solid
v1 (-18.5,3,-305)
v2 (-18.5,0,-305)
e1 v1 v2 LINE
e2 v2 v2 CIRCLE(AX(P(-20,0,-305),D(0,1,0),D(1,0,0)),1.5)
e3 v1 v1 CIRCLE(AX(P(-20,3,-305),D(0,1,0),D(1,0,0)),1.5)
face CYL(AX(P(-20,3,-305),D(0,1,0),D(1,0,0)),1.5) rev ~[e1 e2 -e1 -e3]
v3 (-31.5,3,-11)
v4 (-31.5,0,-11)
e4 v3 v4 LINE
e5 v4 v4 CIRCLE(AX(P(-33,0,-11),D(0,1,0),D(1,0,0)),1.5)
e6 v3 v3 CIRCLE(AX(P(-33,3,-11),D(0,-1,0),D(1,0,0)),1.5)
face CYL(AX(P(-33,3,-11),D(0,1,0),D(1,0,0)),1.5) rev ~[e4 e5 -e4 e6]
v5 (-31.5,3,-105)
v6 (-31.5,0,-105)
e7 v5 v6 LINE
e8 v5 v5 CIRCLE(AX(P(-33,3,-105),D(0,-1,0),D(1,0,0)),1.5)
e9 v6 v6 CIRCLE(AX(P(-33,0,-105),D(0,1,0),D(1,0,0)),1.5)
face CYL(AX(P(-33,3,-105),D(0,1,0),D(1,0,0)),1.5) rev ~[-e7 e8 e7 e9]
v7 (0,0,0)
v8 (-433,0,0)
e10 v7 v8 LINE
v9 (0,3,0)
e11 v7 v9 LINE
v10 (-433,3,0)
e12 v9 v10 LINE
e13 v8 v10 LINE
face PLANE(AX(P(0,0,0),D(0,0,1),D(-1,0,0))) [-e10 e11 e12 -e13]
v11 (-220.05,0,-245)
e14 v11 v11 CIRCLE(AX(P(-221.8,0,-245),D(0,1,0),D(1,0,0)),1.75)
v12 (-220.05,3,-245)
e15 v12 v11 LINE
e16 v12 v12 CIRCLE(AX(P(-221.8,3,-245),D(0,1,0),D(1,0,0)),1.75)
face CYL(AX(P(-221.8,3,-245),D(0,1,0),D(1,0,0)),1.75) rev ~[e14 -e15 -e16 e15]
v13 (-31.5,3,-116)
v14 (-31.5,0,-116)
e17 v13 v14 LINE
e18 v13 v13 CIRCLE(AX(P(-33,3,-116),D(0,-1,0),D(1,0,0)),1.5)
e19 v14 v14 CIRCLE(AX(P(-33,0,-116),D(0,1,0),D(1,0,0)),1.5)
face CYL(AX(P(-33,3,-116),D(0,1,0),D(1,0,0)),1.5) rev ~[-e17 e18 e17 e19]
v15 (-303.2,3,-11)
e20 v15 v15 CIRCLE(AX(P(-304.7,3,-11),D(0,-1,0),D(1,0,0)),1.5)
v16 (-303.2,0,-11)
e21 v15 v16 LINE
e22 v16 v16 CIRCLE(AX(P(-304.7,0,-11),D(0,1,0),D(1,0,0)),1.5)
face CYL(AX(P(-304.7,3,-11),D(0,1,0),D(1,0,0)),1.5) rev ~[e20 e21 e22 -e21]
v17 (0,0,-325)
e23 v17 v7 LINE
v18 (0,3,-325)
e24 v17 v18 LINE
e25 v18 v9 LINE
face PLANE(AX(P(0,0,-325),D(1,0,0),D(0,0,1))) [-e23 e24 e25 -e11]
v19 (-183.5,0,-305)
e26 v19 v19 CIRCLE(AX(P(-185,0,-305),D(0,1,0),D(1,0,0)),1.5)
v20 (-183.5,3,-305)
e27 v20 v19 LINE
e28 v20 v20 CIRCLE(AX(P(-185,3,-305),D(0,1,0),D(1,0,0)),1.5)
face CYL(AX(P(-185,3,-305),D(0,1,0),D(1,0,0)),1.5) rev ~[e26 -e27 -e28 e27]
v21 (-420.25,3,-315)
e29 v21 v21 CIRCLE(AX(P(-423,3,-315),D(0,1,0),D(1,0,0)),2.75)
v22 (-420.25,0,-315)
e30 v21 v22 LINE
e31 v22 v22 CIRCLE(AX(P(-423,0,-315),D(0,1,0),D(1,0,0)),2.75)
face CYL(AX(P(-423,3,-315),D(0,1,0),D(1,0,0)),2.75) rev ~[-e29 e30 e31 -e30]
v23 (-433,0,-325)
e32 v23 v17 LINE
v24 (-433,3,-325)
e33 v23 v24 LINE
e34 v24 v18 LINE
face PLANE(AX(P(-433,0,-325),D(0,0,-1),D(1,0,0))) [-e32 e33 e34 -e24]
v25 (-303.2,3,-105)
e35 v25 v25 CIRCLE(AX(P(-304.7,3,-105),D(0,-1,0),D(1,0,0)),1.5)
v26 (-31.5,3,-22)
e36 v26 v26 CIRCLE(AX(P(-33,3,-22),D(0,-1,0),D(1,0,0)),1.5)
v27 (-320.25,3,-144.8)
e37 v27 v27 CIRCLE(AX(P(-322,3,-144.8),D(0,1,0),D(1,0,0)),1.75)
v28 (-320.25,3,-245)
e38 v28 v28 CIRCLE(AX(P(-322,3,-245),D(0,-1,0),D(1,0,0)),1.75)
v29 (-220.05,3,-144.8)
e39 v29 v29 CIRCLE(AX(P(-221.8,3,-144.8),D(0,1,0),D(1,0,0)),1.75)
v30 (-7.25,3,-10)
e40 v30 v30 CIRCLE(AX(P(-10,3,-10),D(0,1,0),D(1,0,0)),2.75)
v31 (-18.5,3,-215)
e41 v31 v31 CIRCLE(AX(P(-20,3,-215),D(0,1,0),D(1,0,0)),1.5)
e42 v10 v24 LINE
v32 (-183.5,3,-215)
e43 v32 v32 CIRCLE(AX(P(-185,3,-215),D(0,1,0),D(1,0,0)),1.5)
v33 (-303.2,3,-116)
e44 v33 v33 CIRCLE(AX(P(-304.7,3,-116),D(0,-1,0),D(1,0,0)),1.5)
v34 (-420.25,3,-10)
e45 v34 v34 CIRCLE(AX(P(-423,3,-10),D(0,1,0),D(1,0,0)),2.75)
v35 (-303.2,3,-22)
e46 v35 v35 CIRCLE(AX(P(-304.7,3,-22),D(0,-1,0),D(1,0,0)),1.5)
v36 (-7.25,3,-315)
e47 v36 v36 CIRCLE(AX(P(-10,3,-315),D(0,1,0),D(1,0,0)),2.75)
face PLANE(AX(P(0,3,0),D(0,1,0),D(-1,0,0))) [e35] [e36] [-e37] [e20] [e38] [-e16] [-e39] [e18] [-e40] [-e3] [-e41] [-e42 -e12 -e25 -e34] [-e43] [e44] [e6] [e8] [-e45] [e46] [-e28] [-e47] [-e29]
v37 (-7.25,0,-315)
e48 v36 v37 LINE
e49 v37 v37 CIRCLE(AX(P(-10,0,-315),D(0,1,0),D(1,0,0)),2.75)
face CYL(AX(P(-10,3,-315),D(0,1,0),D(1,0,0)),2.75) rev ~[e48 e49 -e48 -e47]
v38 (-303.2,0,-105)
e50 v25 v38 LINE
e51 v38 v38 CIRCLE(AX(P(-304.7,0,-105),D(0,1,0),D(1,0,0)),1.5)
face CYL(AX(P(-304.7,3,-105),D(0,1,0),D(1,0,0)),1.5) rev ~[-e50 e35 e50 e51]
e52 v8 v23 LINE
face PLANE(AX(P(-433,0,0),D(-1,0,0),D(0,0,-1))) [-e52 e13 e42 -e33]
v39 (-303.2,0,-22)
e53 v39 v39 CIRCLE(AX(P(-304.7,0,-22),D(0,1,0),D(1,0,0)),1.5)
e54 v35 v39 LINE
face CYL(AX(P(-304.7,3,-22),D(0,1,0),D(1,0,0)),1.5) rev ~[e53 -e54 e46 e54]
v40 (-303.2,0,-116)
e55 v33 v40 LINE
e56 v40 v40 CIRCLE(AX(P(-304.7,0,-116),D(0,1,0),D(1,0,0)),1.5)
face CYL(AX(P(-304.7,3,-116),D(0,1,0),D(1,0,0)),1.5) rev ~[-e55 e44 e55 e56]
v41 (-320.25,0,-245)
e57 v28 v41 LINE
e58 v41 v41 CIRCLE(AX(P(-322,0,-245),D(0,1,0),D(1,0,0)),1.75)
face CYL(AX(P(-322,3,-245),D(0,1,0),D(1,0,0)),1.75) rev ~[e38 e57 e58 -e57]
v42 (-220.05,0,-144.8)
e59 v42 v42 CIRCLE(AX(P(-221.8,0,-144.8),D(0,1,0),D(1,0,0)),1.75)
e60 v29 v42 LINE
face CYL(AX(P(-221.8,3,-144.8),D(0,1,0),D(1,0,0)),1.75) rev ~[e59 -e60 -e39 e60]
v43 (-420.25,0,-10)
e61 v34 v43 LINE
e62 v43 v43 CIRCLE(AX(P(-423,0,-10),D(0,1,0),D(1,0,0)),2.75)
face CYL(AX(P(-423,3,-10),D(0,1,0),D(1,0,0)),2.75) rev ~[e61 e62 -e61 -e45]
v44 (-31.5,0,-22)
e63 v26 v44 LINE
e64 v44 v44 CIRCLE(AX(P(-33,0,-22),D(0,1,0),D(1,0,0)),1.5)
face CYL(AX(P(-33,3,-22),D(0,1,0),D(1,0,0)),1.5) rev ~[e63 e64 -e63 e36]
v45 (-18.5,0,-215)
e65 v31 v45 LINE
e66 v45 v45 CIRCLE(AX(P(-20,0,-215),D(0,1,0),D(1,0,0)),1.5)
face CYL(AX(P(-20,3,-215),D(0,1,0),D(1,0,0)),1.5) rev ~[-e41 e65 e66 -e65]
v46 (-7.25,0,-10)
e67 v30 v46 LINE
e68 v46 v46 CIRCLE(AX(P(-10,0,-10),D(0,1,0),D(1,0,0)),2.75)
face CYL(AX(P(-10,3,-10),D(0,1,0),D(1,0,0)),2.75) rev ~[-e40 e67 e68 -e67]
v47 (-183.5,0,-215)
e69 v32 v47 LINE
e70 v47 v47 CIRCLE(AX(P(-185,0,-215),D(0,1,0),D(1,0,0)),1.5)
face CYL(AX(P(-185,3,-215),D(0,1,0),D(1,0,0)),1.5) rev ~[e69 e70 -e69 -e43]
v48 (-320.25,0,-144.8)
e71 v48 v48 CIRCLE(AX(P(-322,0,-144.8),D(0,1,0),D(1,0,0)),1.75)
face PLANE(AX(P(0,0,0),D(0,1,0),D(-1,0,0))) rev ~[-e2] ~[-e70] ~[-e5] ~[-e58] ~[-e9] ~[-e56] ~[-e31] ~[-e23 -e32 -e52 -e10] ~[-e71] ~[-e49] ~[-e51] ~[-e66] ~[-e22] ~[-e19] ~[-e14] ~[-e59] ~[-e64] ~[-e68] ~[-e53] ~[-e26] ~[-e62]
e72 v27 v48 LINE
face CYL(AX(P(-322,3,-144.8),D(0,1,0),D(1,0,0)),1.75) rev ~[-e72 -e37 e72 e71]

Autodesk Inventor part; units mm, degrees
ref_plane "YZ Plane" through (0, 0, 0) normal (1, 0, 0) x (0, 1, 0)
ref_plane "XZ Plane" through (0, 0, 0) normal (0, 1, 0) x (-1, 0, 0)
ref_plane "XY Plane" through (0, 0, 0) normal (0, 0, 1) x (1, 0, 0)
sketch "Sketch1" plane through (0, 0, 0) normal (0, 1, 0) x (-1, 0, 0)
  line L0 (0, 0) -> (433, 0)
  line L1 (433, 0) -> (433, -325)
  line L2 (433, -325) -> (0, -325)
  line L3 (0, -325) -> (0, 0)
  dimension "d0" = 433
  dimension "d1" = 325
extrude "Extrusion1" add sketch "Sketch1" along normal blind 3
sketch "Sketch2" plane through (0, 3, 0) normal (0, 1, 0) x (1, 0, 0)
  circle A0 centre (-10, 10) radius 2.75
  line L0 (0, 0) -> (0, 325) projected
  line L1 (-433, 0) -> (0, 0) projected
  circle A1 centre (-10, 315) radius 2.75
  circle A2 centre (-423, 10) radius 2.75
  circle A3 centre (-423, 315) radius 2.75
  dimension "d4" = 5.5
  dimension "d5" = 10
  dimension "d6" = 10
  dimension "d9" = 305
  dimension "d12" = 413
extrude "Extrusion2" cut sketch "Sketch2" against normal blind 3
sketch "Sketch5" plane through (0, 3, 0) normal (0, 1, 0) x (1, 0, 0)
  line L0 (0, 0) -> (0, 325) projected
  line L1 (0, 325) -> (0, 305)
  line L2 (0, 305) -> (-20, 305)
  circle A0 centre (-20, 305) radius 1.5
  line L3 (0, 325) -> (-433, 325) projected
  line L4 (0, 325) -> (-15, 325)
  circle A1 centre (-185, 305) radius 1.5
  circle A2 centre (-20, 215) radius 1.5
  circle A3 centre (-185, 215) radius 1.5
  dimension "d37" = 20
  dimension "d38" = 20
  dimension "d39" = 3
  dimension "d40" = 15
  dimension "d43" = 165
  dimension "d46" = 90
extrude "Extrusion5" cut sketch "Sketch5" against normal blind 3
sketch "Sketch6" plane through (0, 3, 0) normal (0, 1, 0) x (1, 0, 0)
  line L0 (-433, 0) -> (0, 0) projected
  line L1 (0, 0) -> (-33, 0)
  line L2 (-33, 0) -> (-33, 11)
  circle A0 centre (-33, 11) radius 1.5
  line L3 (-33, 11) -> (-33, 22)
  circle A1 centre (-33, 22) radius 1.5
  dimension "d51" = 33
  dimension "d52" = 11
  dimension "d53" = 3
  dimension "d54" = 11
  dimension "d55" = 180
  dimension "d56" = 3
extrude "Extrusion6" cut sketch "Sketch6" against normal blind 3
pattern_linear "Rectangular Pattern1" count 2 spacing 94 along (0, 0, -1) count 2 spacing 271.7 along (-1, 0, 0) of "Extrusion6"
sketch "Sketch7" plane through (0, 3, 0) normal (0, 1, 0) x (1, 0, 0)
  line L0 (-433, 325) -> (-433, 0) projected
  line L1 (-433, 325) -> (-322, 325)
  line L2 (0, 325) -> (-433, 325) projected
  line L3 (-322, 325) -> (-322, 245)
  circle A0 centre (-322, 245) radius 1.75
  circle A1 centre (-221.8, 245) radius 1.75
  circle A2 centre (-322, 144.8) radius 1.75
  circle A3 centre (-221.8, 144.8) radius 1.75
  point P0 (0, 0)
  dimension "d65" = 111
  dimension "d66" = 80
  dimension "d67" = 3.5
  dimension "d70" = 100.2
  dimension "d73" = 100.2
extrude "Extrusion7" cut sketch "Sketch7" against normal blind 3
properties part number "Acrylic_Mount" material "PET Plastic"
